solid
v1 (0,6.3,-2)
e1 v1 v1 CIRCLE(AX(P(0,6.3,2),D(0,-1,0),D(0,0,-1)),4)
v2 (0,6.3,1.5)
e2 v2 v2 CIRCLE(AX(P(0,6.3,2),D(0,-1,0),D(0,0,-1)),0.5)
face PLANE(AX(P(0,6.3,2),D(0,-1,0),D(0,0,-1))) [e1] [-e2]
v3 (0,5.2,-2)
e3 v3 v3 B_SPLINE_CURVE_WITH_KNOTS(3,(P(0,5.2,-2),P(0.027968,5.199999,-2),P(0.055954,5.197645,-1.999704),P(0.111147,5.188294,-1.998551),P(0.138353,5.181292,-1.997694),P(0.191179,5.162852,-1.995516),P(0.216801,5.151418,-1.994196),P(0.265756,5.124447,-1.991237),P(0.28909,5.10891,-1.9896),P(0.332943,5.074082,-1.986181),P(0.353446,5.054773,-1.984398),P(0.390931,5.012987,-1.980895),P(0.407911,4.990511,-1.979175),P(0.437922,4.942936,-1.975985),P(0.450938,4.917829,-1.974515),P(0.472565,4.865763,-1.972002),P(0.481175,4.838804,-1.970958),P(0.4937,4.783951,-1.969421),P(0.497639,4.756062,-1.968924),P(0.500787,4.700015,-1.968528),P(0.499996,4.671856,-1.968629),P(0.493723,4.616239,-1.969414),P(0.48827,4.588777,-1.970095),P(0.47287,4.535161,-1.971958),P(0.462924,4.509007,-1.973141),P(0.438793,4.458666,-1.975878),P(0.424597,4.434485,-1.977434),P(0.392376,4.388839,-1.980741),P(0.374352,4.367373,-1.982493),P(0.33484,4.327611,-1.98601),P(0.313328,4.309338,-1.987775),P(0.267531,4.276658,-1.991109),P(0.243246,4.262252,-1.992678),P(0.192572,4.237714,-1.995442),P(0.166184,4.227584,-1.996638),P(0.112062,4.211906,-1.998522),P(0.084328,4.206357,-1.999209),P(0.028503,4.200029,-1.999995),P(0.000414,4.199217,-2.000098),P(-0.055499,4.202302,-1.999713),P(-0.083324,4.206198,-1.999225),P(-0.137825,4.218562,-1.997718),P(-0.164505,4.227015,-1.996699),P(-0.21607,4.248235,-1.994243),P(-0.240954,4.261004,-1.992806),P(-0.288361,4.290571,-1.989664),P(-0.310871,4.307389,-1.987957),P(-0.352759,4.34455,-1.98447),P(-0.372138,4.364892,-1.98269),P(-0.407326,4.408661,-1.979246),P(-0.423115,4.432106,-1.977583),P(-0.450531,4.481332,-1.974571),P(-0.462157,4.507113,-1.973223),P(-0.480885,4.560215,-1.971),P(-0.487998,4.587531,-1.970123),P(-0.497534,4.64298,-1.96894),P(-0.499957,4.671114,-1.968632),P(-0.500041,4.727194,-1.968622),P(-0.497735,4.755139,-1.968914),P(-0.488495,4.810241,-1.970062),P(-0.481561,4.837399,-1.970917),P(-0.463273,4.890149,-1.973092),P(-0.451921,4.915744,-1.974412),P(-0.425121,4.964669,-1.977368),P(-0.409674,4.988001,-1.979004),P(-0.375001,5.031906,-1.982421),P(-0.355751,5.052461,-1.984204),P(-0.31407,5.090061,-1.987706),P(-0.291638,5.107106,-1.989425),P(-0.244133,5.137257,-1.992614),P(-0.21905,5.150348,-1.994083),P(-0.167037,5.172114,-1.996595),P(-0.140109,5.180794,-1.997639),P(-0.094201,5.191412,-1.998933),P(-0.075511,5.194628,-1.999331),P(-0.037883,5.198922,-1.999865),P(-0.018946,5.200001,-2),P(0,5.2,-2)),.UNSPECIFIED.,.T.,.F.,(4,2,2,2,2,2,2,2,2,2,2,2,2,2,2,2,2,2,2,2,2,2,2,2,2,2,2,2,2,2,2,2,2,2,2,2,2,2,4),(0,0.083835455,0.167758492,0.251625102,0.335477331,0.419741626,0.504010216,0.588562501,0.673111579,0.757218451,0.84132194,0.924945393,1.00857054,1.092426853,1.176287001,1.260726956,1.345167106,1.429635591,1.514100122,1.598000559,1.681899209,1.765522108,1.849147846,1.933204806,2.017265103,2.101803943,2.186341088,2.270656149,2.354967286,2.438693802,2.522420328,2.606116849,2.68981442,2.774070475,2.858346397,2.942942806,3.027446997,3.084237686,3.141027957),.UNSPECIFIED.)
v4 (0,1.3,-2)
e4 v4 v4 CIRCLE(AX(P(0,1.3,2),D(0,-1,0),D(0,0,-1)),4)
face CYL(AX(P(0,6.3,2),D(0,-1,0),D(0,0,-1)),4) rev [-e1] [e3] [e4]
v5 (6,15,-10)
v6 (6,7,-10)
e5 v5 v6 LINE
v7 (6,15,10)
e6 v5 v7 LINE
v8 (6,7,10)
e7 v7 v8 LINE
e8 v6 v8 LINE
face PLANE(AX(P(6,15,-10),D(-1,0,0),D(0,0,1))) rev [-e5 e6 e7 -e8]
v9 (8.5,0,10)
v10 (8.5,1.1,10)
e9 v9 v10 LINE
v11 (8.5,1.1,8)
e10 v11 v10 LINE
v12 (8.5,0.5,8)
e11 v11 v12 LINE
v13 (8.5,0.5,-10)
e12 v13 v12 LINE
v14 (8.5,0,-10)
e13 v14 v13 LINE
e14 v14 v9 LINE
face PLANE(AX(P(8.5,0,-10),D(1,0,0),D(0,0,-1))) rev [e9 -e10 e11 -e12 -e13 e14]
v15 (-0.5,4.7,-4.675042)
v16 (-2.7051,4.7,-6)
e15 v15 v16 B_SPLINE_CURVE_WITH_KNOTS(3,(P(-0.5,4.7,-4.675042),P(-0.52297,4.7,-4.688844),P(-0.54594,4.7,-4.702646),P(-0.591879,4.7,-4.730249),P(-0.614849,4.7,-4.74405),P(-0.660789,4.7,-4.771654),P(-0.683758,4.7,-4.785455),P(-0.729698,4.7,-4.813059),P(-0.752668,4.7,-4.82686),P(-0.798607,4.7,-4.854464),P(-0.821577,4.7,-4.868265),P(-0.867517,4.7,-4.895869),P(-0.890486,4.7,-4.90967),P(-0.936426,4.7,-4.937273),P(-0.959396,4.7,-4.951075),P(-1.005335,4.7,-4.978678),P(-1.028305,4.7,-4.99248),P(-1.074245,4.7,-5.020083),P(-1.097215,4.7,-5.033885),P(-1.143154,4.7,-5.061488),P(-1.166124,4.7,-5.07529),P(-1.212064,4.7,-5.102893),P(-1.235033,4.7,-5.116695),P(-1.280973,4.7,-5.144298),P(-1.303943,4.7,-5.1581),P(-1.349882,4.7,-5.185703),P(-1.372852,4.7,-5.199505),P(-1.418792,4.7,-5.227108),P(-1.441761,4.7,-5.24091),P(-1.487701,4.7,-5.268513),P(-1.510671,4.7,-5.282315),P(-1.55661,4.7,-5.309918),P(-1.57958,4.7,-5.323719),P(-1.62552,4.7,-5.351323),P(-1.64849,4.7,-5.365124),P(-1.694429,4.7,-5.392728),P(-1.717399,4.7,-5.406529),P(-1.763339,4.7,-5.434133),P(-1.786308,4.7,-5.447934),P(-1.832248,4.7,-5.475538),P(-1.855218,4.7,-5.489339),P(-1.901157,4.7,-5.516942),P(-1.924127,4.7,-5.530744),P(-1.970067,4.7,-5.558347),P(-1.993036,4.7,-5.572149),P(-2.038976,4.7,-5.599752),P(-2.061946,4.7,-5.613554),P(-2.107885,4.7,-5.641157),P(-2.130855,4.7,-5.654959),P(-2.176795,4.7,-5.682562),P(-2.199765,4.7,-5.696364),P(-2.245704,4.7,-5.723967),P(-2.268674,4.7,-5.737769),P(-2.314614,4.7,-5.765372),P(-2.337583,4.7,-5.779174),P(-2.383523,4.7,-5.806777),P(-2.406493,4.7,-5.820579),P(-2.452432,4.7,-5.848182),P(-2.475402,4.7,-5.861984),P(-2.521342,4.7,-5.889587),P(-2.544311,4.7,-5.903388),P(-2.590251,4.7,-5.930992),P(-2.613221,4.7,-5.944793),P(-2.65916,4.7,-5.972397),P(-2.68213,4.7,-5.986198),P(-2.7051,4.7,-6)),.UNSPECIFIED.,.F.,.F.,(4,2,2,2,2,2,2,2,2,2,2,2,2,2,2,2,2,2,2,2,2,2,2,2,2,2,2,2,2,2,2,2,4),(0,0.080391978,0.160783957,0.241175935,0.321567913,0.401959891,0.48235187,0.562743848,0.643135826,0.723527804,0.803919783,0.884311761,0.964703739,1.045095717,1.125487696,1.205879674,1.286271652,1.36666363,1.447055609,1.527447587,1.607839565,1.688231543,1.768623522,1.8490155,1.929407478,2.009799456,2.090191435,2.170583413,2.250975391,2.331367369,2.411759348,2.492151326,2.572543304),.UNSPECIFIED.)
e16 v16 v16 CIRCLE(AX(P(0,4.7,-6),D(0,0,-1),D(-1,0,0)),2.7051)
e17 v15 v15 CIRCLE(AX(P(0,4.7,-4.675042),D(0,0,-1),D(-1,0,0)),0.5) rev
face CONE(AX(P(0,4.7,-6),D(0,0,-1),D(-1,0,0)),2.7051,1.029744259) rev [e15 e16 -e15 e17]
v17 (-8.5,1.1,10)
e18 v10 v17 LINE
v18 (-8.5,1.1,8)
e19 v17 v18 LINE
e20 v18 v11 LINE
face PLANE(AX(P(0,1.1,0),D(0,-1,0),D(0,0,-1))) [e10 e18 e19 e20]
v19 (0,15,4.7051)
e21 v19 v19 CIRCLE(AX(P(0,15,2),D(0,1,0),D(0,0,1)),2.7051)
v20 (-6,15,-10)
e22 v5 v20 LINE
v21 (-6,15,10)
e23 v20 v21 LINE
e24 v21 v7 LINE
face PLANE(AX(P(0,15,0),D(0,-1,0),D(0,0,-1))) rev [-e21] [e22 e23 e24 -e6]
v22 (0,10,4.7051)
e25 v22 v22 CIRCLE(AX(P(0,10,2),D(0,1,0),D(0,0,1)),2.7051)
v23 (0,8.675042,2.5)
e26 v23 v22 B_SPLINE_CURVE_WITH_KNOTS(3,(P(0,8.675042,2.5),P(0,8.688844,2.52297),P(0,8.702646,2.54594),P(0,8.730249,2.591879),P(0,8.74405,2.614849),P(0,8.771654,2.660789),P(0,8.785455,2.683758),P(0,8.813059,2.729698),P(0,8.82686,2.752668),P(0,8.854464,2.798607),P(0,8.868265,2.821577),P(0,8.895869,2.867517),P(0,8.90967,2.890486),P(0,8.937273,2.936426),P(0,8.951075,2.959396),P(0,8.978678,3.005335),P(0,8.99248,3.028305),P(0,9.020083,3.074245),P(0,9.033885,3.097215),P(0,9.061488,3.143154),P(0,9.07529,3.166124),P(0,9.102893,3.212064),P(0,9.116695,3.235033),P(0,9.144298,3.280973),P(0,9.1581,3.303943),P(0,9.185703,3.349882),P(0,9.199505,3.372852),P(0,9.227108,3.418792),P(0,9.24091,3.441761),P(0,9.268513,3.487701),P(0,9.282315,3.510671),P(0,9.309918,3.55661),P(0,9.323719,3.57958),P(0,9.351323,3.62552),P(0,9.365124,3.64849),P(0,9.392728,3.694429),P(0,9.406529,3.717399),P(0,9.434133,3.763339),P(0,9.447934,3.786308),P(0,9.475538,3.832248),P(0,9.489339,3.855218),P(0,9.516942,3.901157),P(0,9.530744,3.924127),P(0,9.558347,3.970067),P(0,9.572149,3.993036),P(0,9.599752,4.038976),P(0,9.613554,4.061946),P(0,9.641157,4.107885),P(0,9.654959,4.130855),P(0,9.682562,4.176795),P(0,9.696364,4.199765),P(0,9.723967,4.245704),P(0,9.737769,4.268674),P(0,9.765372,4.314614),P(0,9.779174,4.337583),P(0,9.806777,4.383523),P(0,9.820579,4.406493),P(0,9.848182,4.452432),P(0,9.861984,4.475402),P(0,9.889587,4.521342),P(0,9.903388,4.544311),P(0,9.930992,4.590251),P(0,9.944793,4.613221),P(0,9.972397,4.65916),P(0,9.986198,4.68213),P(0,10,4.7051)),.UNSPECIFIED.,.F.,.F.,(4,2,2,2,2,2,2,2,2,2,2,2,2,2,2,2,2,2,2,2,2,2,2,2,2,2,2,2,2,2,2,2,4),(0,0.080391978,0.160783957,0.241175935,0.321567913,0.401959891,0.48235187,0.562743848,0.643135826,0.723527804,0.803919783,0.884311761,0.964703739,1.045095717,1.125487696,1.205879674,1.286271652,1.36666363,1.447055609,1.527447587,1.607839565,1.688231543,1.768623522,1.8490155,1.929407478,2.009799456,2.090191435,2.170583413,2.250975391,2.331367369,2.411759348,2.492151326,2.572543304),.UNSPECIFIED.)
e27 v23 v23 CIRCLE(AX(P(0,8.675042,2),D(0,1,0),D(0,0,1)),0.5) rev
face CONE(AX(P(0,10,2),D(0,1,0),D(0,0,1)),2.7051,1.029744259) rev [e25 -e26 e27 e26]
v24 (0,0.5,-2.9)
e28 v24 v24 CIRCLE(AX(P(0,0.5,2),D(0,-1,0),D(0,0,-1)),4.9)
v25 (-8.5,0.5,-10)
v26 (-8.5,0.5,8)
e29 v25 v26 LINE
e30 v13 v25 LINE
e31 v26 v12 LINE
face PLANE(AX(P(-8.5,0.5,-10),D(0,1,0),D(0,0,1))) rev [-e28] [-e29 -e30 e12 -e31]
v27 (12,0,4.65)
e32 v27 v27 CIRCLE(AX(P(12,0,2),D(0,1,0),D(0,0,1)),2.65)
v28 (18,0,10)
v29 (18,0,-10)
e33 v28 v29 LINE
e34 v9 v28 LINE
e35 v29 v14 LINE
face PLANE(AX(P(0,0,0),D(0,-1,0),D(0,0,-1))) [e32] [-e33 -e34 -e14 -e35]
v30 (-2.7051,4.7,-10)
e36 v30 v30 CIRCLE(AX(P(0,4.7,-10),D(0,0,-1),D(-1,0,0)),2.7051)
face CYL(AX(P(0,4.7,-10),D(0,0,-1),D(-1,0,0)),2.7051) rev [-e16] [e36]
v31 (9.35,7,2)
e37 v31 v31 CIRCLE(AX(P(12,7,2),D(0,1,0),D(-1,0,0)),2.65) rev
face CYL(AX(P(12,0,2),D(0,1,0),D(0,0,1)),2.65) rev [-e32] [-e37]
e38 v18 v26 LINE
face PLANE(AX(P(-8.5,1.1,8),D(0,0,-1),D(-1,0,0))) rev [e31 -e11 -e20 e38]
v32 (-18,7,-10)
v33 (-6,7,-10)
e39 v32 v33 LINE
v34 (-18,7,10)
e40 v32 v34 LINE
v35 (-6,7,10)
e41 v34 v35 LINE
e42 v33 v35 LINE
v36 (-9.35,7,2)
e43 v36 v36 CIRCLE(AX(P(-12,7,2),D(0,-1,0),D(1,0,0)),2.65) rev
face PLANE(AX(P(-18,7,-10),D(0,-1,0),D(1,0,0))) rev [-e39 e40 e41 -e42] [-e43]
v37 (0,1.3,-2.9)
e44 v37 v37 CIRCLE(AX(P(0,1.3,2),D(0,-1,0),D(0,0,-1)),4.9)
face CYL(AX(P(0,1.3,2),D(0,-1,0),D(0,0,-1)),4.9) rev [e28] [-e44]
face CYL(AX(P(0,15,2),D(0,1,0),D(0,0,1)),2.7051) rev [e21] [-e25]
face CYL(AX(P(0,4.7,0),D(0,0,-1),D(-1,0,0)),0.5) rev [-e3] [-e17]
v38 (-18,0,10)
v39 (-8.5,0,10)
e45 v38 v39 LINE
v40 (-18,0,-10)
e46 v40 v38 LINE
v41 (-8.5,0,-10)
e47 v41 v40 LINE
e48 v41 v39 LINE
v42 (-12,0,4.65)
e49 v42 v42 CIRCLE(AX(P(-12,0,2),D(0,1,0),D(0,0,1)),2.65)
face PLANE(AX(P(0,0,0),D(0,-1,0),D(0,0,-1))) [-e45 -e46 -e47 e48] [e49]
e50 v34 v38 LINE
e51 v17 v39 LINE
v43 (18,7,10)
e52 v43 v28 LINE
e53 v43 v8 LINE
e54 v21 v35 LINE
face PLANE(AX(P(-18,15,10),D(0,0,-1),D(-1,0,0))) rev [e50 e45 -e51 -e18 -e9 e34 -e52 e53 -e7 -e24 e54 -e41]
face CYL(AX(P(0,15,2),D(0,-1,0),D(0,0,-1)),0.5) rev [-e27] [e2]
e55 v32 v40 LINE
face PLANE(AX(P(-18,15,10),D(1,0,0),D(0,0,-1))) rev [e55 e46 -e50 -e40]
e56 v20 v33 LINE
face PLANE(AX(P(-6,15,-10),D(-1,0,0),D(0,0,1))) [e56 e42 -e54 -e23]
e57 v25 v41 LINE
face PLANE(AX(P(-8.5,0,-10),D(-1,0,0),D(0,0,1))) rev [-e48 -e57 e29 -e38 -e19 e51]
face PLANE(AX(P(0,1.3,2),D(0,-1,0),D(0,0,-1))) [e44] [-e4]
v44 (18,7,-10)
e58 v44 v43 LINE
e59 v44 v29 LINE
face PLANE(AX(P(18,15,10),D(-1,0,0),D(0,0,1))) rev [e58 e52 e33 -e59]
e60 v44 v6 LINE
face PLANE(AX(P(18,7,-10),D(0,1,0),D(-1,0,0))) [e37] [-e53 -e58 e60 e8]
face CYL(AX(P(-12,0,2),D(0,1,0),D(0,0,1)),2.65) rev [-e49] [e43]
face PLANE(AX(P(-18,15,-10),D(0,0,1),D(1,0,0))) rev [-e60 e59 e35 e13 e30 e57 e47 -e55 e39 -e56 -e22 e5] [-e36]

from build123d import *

# Parameters (mm, degrees)
SKETCH_1_W                 = 36
SKETCH_1_H                 = 20
EXTRUDE_1_DEPTH            = 15
SKETCH_2_R                 = 2.65
CUT_EXTRUDE_1_DEPTH        = 26.475478406
SKETCH_3_W                 = 12
SKETCH_3_H                 = 8
CUT_EXTRUDE_2_DEPTH        = 31.805843601
SKETCH_5_W                 = 17
SKETCH_5_H                 = 0.5
CUT_EXTRUDE_3_DEPTH        = 31.805843601
SKETCH_6_W                 = 17
SKETCH_6_H                 = 2
CUT_EXTRUDE_4_DEPTH        = 0.6
SKETCH_7_R                 = 4.9
CUT_EXTRUDE_5_DEPTH        = 0.8
SKETCH_8_R                 = 4
CUT_EXTRUDE_6_DEPTH        = 5
HOLE_WIZARD_1_4_28_1_D     = 5.4102
HOLE_WIZARD_1_4_28_1_DEPTH = 5
HOLE_WIZARD_1_4_28_1_TIP   = 1.625388061
SKETCH_11_R                = 0.5
CUT_EXTRUDE_7_DEPTH        = 23.35374689
HOLE_WIZARD_1_4_28_3_D     = 5.4102
HOLE_WIZARD_1_4_28_3_DEPTH = 4
HOLE_WIZARD_1_4_28_3_TIP   = 1.625388061
SKETCH_16_R                = 0.5
CUT_EXTRUDE_8_DEPTH        = 10


with BuildPart() as part:
    # 草图1 → 凸台-拉伸1 (new body)
    with BuildSketch(Plane(origin=(0, 0, 0), x_dir=(1, 0, 0), z_dir=(0, 1, 0))):
        Rectangle(SKETCH_1_W, SKETCH_1_H)
    extrude(amount=EXTRUDE_1_DEPTH)

    # 草图2 → 切除-拉伸1 (cut, through all)
    with BuildSketch(Plane(origin=(0, 15, 0), x_dir=(1, 0, 0), z_dir=(0, 1, 0))):
        with Locations(Location((-12, -2, 0), (0, 0, 270))):
            Circle(SKETCH_2_R)
        with Locations(Location((12, -2, 0), (0, 0, 270))):
            Circle(SKETCH_2_R)
    extrude(amount=-CUT_EXTRUDE_1_DEPTH, mode=Mode.SUBTRACT)

    # 草图3 → 切除-拉伸2 (cut, through all)
    with BuildSketch(Plane.XY.offset(10)):
        with Locations((-12, 11)):
            Rectangle(SKETCH_3_W, SKETCH_3_H)
        with Locations((12, 11)):
            Rectangle(SKETCH_3_W, SKETCH_3_H)
    extrude(amount=-CUT_EXTRUDE_2_DEPTH, mode=Mode.SUBTRACT)

    # 草图5 → 切除-拉伸3 (cut, through all)
    with BuildSketch(Plane.XY.offset(10)):
        with Locations((0, 0.25)):
            Rectangle(SKETCH_5_W, SKETCH_5_H)
    extrude(amount=-CUT_EXTRUDE_3_DEPTH, mode=Mode.SUBTRACT)

    # 草图6 → 切除-拉伸4 (cut)
    with BuildSketch(Plane.XZ.offset(-0.5)):
        with Locations((0, 9)):
            Rectangle(SKETCH_6_W, SKETCH_6_H)
    extrude(amount=-CUT_EXTRUDE_4_DEPTH, mode=Mode.SUBTRACT)

    # 草图7 → 切除-拉伸5 (cut)
    with BuildSketch(Plane.XZ.offset(-0.5)):
        with Locations(Location((0, 2, 0), (0, 0, 270))):
            Circle(SKETCH_7_R)
    extrude(amount=-CUT_EXTRUDE_5_DEPTH, mode=Mode.SUBTRACT)

    # 草图8 → 切除-拉伸6 (cut)
    with BuildSketch(Plane.XZ.offset(-1.3)):
        with Locations(Location((0, 2, 0), (0, 0, 270))):
            Circle(SKETCH_8_R)
    extrude(amount=-CUT_EXTRUDE_6_DEPTH, mode=Mode.SUBTRACT)

    # 1/4-28 螺纹孔1
    with Locations(Plane(origin=(0, 15, 2), x_dir=(0, 0, 1), z_dir=(0, 1, 0))):
        with Locations((0, 0)):
            Hole(HOLE_WIZARD_1_4_28_1_D / 2, depth=HOLE_WIZARD_1_4_28_1_DEPTH)
            with Locations((0, 0, -(HOLE_WIZARD_1_4_28_1_DEPTH + HOLE_WIZARD_1_4_28_1_TIP / 2))):  # 118° drill point
                Cone(0, HOLE_WIZARD_1_4_28_1_D / 2, HOLE_WIZARD_1_4_28_1_TIP, mode=Mode.SUBTRACT)

    # 草图11 → 切除-拉伸7 (cut, through all)
    with BuildSketch(Plane.XZ.offset(-6.3)):
        with Locations(Location((0, 2, 0), (0, 0, 270))):
            Circle(SKETCH_11_R)
    extrude(amount=-CUT_EXTRUDE_7_DEPTH, mode=Mode.SUBTRACT)

    # 1/4-28 螺纹孔3
    with Locations(Plane(origin=(0, 4.7, -10), x_dir=(-1, 0, 0), z_dir=(0, 0, -1))):
        with Locations((0, 0)):
            Hole(HOLE_WIZARD_1_4_28_3_D / 2, depth=HOLE_WIZARD_1_4_28_3_DEPTH)
            with Locations((0, 0, -(HOLE_WIZARD_1_4_28_3_DEPTH + HOLE_WIZARD_1_4_28_3_TIP / 2))):  # 118° drill point
                Cone(0, HOLE_WIZARD_1_4_28_3_D / 2, HOLE_WIZARD_1_4_28_3_TIP, mode=Mode.SUBTRACT)

    # 草图16 → 切除-拉伸8 (cut)
    with BuildSketch(Plane(origin=(0, 0, -10), x_dir=(-1, 0, 0), z_dir=(0, 0, -1))):
        with Locations((0, 4.7)):
            Circle(SKETCH_16_R)
    extrude(amount=-CUT_EXTRUDE_8_DEPTH, mode=Mode.SUBTRACT)


solid = part.part
